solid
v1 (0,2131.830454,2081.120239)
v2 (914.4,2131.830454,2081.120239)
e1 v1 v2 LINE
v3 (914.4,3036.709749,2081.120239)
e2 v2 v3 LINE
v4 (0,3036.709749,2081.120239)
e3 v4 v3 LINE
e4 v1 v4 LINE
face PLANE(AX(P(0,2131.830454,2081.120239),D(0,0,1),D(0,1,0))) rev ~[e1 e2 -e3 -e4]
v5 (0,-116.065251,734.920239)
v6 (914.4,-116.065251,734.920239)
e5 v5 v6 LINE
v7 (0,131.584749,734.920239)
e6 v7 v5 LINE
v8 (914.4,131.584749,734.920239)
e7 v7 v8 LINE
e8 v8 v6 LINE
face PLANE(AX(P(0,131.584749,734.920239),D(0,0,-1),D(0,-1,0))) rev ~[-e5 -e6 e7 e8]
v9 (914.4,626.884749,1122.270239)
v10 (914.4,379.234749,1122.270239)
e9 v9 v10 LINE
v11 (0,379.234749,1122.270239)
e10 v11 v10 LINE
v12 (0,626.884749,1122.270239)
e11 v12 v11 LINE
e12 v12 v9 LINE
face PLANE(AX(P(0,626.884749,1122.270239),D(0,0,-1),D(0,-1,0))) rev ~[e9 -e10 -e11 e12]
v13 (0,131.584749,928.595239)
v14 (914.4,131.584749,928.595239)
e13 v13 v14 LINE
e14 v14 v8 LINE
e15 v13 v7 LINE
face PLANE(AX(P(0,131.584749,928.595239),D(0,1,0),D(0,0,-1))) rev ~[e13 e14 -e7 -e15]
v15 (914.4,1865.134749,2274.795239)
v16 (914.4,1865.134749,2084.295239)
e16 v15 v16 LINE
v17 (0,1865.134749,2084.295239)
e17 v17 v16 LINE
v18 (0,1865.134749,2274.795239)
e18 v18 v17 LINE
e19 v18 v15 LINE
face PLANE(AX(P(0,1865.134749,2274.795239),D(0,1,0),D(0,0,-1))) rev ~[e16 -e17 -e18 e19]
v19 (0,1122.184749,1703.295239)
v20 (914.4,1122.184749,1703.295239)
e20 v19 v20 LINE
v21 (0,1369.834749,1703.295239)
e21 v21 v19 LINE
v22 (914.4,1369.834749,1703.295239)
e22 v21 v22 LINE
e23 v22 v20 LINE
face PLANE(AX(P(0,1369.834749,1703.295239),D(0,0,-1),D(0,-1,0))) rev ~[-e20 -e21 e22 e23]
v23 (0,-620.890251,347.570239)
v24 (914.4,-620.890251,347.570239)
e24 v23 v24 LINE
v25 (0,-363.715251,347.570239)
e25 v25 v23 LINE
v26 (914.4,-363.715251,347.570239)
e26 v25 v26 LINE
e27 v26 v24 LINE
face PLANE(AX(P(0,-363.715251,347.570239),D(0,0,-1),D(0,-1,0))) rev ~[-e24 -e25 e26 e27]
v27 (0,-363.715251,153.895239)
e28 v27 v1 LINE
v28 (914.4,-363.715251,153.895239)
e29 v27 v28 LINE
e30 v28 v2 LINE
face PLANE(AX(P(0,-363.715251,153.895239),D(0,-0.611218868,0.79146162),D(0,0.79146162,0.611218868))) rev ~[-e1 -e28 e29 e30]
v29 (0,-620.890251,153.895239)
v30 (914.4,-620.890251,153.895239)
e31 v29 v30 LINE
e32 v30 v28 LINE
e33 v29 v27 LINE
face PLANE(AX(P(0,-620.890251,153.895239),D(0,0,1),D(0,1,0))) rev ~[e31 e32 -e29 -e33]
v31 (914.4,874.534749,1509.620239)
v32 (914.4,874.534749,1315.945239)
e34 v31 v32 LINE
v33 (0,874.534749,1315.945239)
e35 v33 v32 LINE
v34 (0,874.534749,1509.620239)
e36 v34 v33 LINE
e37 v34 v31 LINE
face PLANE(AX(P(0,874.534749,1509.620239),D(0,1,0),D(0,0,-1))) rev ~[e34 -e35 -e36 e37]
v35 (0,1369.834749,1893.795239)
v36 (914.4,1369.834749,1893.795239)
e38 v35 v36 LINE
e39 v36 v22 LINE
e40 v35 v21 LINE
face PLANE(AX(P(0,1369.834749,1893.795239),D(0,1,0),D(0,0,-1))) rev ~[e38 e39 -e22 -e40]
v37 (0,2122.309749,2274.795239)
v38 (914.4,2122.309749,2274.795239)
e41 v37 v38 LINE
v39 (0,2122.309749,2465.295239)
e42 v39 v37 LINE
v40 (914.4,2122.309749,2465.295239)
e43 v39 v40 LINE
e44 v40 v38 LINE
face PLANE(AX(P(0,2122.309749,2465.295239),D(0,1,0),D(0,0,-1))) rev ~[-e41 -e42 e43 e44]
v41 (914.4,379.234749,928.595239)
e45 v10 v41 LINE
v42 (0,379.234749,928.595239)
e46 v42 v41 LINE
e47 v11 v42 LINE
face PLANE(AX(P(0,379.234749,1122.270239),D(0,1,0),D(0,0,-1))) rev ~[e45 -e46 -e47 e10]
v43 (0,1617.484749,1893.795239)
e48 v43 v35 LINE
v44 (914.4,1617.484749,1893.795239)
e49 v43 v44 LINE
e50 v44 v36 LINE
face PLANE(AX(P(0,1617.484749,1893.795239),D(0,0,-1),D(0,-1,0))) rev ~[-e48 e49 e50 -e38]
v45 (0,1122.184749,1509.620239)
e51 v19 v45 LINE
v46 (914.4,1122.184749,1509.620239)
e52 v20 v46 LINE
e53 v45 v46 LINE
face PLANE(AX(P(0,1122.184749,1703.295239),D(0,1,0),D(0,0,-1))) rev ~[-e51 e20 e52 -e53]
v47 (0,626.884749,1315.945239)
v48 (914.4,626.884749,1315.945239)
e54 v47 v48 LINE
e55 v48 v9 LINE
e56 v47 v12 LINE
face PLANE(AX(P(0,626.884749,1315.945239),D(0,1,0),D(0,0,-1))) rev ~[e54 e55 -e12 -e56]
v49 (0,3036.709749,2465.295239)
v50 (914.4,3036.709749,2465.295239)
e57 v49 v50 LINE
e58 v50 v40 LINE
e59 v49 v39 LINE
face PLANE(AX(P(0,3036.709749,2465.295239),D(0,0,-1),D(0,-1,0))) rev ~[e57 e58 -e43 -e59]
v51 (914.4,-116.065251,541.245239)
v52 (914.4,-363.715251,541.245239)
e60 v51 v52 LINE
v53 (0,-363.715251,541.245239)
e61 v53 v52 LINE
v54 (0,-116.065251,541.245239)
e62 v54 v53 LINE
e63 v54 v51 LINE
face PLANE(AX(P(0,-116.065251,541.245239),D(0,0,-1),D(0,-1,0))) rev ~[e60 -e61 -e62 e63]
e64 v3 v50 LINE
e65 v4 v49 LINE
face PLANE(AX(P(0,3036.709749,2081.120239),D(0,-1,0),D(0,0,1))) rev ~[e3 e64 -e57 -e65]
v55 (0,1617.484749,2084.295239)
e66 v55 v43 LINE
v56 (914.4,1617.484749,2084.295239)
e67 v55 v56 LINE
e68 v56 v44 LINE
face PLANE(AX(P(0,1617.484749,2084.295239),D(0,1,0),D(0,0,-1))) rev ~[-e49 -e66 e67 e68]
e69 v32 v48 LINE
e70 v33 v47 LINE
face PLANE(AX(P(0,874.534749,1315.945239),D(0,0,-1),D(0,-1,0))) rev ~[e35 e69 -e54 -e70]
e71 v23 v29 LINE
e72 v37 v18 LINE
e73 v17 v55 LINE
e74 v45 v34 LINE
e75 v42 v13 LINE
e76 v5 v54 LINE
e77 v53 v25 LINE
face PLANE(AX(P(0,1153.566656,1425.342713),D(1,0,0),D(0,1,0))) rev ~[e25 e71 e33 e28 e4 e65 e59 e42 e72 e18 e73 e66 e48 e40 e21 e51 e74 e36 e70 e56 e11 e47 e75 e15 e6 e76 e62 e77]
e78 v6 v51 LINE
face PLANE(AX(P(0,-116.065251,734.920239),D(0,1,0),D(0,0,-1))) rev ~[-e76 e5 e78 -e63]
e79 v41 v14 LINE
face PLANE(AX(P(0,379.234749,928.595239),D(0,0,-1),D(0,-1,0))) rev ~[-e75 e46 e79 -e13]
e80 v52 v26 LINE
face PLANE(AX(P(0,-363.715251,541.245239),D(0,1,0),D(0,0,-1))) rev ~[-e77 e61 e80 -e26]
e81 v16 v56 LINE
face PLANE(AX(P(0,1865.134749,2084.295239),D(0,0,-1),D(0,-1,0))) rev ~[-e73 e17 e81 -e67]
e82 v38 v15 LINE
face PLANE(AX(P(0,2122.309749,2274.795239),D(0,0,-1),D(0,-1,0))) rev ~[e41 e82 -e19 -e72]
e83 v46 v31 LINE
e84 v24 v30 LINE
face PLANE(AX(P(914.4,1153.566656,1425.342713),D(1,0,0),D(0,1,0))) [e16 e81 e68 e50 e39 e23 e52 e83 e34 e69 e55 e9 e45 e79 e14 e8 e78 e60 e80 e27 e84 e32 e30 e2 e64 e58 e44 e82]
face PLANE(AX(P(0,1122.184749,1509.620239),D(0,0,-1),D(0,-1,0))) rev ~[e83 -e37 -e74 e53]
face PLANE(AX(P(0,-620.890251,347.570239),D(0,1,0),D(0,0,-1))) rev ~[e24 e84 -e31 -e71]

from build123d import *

# Parameters (mm, degrees)
F1_DEPTH = 914.4


with BuildPart() as f1:
    # F0 (on Right) → F1 (new body)
    with BuildSketch(Plane.YZ):
        Polygon((-363.715251, 541.245239), (-363.715251, 347.570239), (-620.890251, 347.570239), (-620.890251, 153.895239), (-363.715251, 153.895239), (2131.830454, 2081.120239), (3036.709749, 2081.120239), (3036.709749, 2465.295239), (2122.309749, 2465.295239), (2122.309749, 2274.795239), (1865.134749, 2274.795239), (1865.134749, 2084.295239), (1617.484749, 2084.295239), (1617.484749, 1893.795239), (1369.834749, 1893.795239), (1369.834749, 1703.295239), (1122.184749, 1703.295239), (1122.184749, 1509.620239), (874.534749, 1509.620239), (874.534749, 1315.945239), (626.884749, 1315.945239), (626.884749, 1122.270239), (379.234749, 1122.270239), (379.234749, 928.595239), (131.584749, 928.595239), (131.584749, 734.920239), (-116.065251, 734.920239), (-116.065251, 541.245239), align=None)
    extrude(amount=F1_DEPTH)


solid = f1.part
